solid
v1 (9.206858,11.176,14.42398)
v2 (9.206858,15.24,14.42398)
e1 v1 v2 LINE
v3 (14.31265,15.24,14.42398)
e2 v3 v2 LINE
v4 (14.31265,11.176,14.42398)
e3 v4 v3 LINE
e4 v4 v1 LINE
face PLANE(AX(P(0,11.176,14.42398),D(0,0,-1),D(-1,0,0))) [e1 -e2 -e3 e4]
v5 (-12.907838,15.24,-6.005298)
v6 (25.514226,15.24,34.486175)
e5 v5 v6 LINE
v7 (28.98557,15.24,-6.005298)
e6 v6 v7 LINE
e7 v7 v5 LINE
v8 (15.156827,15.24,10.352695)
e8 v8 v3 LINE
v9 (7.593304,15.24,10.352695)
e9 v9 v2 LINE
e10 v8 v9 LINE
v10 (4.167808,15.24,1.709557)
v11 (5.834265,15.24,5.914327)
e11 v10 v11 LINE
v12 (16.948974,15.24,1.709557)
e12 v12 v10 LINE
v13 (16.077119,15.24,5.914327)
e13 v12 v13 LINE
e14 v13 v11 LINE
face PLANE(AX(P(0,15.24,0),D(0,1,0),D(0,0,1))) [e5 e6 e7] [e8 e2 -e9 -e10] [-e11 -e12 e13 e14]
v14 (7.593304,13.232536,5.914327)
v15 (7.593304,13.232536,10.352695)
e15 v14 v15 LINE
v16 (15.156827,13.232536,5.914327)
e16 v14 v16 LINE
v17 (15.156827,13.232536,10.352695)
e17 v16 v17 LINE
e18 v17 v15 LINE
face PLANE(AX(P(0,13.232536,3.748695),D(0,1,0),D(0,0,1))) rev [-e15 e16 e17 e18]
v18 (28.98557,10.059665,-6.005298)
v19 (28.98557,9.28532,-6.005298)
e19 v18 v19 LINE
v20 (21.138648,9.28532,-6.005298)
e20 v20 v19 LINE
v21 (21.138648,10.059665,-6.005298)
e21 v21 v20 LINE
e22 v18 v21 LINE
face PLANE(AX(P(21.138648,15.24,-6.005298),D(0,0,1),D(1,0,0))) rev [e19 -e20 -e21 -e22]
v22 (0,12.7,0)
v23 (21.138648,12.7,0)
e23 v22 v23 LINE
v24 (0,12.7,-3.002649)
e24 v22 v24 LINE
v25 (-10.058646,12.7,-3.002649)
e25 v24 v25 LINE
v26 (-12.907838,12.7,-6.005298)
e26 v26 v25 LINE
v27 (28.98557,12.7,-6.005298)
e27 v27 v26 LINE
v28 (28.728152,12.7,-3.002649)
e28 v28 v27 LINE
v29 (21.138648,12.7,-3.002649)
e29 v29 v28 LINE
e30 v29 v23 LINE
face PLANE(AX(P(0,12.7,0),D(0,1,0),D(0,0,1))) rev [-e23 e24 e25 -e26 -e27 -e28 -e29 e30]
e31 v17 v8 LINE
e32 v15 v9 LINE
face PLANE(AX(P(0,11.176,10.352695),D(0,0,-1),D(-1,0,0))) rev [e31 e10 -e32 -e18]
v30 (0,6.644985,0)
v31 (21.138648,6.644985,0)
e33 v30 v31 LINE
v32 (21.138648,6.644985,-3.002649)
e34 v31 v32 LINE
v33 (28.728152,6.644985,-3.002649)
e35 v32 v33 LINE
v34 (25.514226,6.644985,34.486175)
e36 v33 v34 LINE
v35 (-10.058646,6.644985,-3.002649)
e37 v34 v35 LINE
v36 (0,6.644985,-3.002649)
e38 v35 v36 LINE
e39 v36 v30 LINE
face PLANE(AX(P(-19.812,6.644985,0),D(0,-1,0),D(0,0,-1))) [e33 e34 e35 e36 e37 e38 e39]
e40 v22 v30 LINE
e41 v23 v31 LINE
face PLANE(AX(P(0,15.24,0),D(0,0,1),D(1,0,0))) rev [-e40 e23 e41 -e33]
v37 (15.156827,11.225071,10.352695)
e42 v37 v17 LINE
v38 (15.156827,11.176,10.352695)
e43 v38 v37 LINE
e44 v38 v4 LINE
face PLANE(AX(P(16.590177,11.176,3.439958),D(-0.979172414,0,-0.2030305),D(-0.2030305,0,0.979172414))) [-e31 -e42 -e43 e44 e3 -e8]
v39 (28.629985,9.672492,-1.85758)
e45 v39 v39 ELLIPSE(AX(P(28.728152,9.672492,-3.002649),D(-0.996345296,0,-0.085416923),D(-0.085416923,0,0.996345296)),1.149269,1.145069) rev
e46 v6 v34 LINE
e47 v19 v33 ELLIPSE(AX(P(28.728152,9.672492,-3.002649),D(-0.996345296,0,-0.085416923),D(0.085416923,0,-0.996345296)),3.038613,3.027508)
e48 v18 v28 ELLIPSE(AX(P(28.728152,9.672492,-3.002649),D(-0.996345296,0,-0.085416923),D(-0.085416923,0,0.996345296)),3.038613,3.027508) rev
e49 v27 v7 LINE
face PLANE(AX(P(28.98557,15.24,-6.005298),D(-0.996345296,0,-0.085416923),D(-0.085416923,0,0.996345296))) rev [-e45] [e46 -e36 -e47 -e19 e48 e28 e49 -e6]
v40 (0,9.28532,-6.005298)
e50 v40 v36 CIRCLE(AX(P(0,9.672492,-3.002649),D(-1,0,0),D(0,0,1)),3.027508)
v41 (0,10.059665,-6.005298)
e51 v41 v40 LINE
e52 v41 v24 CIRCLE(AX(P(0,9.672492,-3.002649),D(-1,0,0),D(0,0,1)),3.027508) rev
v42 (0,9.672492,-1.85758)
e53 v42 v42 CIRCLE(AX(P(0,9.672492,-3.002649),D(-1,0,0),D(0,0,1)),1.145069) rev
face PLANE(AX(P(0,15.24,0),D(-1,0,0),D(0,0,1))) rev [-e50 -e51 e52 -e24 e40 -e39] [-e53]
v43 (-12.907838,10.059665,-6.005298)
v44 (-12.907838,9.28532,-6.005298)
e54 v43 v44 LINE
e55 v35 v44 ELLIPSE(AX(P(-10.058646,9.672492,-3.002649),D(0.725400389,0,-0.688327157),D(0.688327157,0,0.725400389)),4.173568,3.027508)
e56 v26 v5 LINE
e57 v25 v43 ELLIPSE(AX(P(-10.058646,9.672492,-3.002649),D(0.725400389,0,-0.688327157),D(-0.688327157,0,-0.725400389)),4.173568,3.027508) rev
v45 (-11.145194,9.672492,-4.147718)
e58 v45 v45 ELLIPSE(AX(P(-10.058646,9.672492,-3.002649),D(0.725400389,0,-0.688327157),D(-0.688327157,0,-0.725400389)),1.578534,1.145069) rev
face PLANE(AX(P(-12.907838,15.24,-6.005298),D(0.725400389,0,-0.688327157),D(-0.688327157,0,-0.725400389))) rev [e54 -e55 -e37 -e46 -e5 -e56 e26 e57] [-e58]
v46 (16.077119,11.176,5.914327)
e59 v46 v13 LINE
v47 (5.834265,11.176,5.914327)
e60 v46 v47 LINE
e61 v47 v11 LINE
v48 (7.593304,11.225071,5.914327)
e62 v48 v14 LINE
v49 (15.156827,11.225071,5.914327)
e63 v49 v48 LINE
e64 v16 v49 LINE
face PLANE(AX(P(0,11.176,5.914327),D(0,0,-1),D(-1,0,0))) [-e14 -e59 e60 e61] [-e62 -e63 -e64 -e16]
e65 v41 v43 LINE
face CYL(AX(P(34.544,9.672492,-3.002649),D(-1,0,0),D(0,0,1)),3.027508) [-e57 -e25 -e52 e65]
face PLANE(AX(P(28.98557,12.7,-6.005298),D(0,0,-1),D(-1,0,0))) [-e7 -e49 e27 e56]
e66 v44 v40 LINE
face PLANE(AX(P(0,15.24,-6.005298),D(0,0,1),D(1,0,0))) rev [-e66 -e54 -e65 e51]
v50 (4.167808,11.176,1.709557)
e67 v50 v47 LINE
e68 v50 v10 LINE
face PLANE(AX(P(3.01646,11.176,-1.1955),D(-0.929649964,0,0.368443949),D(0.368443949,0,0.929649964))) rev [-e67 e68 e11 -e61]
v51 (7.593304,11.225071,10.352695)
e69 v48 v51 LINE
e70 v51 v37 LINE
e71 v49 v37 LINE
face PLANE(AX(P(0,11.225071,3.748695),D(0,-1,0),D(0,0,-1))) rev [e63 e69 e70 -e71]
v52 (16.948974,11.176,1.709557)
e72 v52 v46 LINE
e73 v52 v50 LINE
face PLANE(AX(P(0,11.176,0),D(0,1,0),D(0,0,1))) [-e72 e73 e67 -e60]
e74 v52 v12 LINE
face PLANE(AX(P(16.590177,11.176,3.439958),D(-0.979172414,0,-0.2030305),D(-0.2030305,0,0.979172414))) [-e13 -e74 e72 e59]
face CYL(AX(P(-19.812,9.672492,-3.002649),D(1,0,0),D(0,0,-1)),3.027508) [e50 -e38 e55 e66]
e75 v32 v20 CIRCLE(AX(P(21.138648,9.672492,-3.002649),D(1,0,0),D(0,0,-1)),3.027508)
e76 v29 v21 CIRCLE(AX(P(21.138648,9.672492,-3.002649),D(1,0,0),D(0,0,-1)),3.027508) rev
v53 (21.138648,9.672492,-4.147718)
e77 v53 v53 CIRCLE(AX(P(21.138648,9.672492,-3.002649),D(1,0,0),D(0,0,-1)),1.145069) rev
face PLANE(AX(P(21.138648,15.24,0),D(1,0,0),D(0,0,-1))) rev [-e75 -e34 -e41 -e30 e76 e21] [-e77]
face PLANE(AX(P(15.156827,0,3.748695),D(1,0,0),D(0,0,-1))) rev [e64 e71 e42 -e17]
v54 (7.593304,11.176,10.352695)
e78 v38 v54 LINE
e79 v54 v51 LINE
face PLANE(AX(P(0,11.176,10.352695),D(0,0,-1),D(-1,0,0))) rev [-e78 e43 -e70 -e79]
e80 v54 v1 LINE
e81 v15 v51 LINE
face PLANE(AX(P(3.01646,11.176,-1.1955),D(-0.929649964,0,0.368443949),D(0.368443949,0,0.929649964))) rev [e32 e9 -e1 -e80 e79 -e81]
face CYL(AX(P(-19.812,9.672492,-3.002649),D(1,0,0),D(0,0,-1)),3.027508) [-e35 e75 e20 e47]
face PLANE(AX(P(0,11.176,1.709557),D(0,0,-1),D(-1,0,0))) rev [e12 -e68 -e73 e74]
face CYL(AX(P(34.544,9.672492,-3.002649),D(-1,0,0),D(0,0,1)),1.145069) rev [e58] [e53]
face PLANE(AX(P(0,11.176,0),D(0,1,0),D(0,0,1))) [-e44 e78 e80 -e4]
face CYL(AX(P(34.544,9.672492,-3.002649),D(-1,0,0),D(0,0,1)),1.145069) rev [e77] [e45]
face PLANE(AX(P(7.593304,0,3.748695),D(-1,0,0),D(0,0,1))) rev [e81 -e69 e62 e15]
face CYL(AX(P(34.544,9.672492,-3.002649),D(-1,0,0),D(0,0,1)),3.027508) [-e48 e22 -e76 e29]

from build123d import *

# Parameters (mm, degrees)
BOSS_EXTRUDE1_DEPTH     = 15.24
CUT_EXTRUDE1_DEPTH      = 2.54
SKETCH3_W               = 34.486175175
SKETCH3_H               = 6.644984791
CUT_EXTRUDE2_DEPTH      = 34.544
CUT_EXTRUDE2_DEPTH_BACK = 19.812
CUT_EXTRUDE3_DEPTH      = 4.064
SKETCH5_W               = 7.563523275
SKETCH5_H               = 2.007464402
CUT_EXTRUDE4_DEPTH      = 6.604
BOSS_EXTRUDE2_DEPTH     = 2.54


with BuildPart() as part:
    # Sketch1 → Boss-Extrude1 (new body)
    with BuildSketch(Plane(origin=(0, 0, 0), x_dir=(1, 0, 0), z_dir=(0, 1, 0))):
        Polygon((0, 0), (21.138647769, 0), (21.138647769, 6.005297662), (28.985570047, 6.005297662), (25.514226291, -34.486175175), (-12.907838022, 6.005297662), (0, 6.005297662), align=None)
    extrude(amount=BOSS_EXTRUDE1_DEPTH)

    # Sketch2 → Cut-Extrude1 (cut)
    with BuildSketch(Plane(origin=(0, 15.24, 0), x_dir=(1, 0, 0), z_dir=(0, 1, 0))):
        Polygon((21.138647769, 0), (28.470734427, 0), (28.985570047, 6.005297662), (21.138647769, 6.005297662), align=None)
        Polygon((0, 0), (-7.209454713, 0), (-12.907838022, 6.005297662), (0, 6.005297662), align=None)
    extrude(amount=-CUT_EXTRUDE1_DEPTH, mode=Mode.SUBTRACT)

    # Sketch3 → Cut-Extrude2 (cut, two sides)
    with BuildSketch(Plane(origin=(0, 0, 0), x_dir=(0, 0, -1), z_dir=(1, 0, 0))) as cut_extrude2_sk:
        with BuildLine():
            Line((6.005297662, 12.7), (3.002648831, 12.7))
            ThreePointArc((3.002648831, 12.7), (5.001853121, 11.946032476), (6.005297662, 10.05966457))
            Line((6.005297662, 10.05966457), (6.005297662, 12.7))
        make_face()
        with BuildLine():
            ThreePointArc((4.147717946, 9.672492396), (3.443027426, 10.729492855), (2.196307404, 10.485509481))
            Line((2.196307404, 10.485509481), (3.808990258, 8.85947531))
            ThreePointArc((3.808990258, 8.85947531), (4.059649291, 9.2321138), (4.147717946, 9.672492396))
        make_face()
        with BuildLine():
            Line((3.808990258, 8.85947531), (2.196307404, 10.485509481))
            ThreePointArc((2.196307404, 10.485509481), (2.189631745, 8.866150969), (3.808990258, 8.85947531))
        make_face()
        with BuildLine():
            ThreePointArc((5.134576738, 7.522914369), (4.155458111, 6.873057978), (3.002648831, 6.644984791))
            Line((3.002648831, 6.644984791), (6.005297662, 6.644984791))
            Line((6.005297662, 6.644984791), (5.134576738, 7.522914369))
        make_face()
        with BuildLine():
            Line((6.005297662, 6.644984791), (6.005297662, 9.285320221))
            ThreePointArc((6.005297662, 9.285320221), (5.716960561, 8.331480044), (5.134576738, 7.522914369))
            Line((5.134576738, 7.522914369), (6.005297662, 6.644984791))
        make_face()
        Polygon((3.002648831, 6.644984791), (0, 6.644984791), (0, 0), (6.005297662, 0), (6.005297662, 6.644984791), align=None)
        with Locations((-17.243087587, 3.322492396)):
            Rectangle(SKETCH3_W, SKETCH3_H)
    extrude(amount=CUT_EXTRUDE2_DEPTH, mode=Mode.SUBTRACT)
    extrude(cut_extrude2_sk.sketch, amount=-CUT_EXTRUDE2_DEPTH_BACK, mode=Mode.SUBTRACT)

    # Sketch4 → Cut-Extrude3 (cut)
    with BuildSketch(Plane(origin=(0, 15.24, 0), x_dir=(1, 0, 0), z_dir=(0, 1, 0))):
        Polygon((10.569323885, -5.914326858), (10.569323885, -1.709556921), (4.167807975, -1.709556921), (5.834265352, -5.914326858), align=None)
        Polygon((16.948973736, -1.709556921), (10.569323885, -1.709556921), (10.569323885, -5.914326858), (16.077118552, -5.914326858), align=None)
        Polygon((10.569323885, -14.423980302), (10.569323885, -10.352695125), (7.593303694, -10.352695125), (9.206857662, -14.423980302), align=None)
        Polygon((15.156826969, -10.352695125), (10.569323885, -10.352695125), (10.569323885, -14.423980302), (14.312649728, -14.423980302), align=None)
    extrude(amount=-CUT_EXTRUDE3_DEPTH, mode=Mode.SUBTRACT)

    # Sketch5 → Cut-Extrude4 (cut)
    with BuildSketch(Plane.XY.offset(10.352695125)):
        with Locations((11.375065332, 12.228803396)):
            Rectangle(SKETCH5_W, SKETCH5_H)
    extrude(amount=-CUT_EXTRUDE4_DEPTH, mode=Mode.SUBTRACT)

    # Sketch6 → Boss-Extrude2 (add)
    with BuildSketch(Plane(origin=(0, 15.24, 0), x_dir=(1, 0, 0), z_dir=(0, 1, 0))):
        Polygon((28.470734427, 0), (28.985570047, 6.005297662), (-12.907838022, 6.005297662), (-7.209454713, 0), align=None)
    extrude(amount=-BOSS_EXTRUDE2_DEPTH)


solid = part.part
